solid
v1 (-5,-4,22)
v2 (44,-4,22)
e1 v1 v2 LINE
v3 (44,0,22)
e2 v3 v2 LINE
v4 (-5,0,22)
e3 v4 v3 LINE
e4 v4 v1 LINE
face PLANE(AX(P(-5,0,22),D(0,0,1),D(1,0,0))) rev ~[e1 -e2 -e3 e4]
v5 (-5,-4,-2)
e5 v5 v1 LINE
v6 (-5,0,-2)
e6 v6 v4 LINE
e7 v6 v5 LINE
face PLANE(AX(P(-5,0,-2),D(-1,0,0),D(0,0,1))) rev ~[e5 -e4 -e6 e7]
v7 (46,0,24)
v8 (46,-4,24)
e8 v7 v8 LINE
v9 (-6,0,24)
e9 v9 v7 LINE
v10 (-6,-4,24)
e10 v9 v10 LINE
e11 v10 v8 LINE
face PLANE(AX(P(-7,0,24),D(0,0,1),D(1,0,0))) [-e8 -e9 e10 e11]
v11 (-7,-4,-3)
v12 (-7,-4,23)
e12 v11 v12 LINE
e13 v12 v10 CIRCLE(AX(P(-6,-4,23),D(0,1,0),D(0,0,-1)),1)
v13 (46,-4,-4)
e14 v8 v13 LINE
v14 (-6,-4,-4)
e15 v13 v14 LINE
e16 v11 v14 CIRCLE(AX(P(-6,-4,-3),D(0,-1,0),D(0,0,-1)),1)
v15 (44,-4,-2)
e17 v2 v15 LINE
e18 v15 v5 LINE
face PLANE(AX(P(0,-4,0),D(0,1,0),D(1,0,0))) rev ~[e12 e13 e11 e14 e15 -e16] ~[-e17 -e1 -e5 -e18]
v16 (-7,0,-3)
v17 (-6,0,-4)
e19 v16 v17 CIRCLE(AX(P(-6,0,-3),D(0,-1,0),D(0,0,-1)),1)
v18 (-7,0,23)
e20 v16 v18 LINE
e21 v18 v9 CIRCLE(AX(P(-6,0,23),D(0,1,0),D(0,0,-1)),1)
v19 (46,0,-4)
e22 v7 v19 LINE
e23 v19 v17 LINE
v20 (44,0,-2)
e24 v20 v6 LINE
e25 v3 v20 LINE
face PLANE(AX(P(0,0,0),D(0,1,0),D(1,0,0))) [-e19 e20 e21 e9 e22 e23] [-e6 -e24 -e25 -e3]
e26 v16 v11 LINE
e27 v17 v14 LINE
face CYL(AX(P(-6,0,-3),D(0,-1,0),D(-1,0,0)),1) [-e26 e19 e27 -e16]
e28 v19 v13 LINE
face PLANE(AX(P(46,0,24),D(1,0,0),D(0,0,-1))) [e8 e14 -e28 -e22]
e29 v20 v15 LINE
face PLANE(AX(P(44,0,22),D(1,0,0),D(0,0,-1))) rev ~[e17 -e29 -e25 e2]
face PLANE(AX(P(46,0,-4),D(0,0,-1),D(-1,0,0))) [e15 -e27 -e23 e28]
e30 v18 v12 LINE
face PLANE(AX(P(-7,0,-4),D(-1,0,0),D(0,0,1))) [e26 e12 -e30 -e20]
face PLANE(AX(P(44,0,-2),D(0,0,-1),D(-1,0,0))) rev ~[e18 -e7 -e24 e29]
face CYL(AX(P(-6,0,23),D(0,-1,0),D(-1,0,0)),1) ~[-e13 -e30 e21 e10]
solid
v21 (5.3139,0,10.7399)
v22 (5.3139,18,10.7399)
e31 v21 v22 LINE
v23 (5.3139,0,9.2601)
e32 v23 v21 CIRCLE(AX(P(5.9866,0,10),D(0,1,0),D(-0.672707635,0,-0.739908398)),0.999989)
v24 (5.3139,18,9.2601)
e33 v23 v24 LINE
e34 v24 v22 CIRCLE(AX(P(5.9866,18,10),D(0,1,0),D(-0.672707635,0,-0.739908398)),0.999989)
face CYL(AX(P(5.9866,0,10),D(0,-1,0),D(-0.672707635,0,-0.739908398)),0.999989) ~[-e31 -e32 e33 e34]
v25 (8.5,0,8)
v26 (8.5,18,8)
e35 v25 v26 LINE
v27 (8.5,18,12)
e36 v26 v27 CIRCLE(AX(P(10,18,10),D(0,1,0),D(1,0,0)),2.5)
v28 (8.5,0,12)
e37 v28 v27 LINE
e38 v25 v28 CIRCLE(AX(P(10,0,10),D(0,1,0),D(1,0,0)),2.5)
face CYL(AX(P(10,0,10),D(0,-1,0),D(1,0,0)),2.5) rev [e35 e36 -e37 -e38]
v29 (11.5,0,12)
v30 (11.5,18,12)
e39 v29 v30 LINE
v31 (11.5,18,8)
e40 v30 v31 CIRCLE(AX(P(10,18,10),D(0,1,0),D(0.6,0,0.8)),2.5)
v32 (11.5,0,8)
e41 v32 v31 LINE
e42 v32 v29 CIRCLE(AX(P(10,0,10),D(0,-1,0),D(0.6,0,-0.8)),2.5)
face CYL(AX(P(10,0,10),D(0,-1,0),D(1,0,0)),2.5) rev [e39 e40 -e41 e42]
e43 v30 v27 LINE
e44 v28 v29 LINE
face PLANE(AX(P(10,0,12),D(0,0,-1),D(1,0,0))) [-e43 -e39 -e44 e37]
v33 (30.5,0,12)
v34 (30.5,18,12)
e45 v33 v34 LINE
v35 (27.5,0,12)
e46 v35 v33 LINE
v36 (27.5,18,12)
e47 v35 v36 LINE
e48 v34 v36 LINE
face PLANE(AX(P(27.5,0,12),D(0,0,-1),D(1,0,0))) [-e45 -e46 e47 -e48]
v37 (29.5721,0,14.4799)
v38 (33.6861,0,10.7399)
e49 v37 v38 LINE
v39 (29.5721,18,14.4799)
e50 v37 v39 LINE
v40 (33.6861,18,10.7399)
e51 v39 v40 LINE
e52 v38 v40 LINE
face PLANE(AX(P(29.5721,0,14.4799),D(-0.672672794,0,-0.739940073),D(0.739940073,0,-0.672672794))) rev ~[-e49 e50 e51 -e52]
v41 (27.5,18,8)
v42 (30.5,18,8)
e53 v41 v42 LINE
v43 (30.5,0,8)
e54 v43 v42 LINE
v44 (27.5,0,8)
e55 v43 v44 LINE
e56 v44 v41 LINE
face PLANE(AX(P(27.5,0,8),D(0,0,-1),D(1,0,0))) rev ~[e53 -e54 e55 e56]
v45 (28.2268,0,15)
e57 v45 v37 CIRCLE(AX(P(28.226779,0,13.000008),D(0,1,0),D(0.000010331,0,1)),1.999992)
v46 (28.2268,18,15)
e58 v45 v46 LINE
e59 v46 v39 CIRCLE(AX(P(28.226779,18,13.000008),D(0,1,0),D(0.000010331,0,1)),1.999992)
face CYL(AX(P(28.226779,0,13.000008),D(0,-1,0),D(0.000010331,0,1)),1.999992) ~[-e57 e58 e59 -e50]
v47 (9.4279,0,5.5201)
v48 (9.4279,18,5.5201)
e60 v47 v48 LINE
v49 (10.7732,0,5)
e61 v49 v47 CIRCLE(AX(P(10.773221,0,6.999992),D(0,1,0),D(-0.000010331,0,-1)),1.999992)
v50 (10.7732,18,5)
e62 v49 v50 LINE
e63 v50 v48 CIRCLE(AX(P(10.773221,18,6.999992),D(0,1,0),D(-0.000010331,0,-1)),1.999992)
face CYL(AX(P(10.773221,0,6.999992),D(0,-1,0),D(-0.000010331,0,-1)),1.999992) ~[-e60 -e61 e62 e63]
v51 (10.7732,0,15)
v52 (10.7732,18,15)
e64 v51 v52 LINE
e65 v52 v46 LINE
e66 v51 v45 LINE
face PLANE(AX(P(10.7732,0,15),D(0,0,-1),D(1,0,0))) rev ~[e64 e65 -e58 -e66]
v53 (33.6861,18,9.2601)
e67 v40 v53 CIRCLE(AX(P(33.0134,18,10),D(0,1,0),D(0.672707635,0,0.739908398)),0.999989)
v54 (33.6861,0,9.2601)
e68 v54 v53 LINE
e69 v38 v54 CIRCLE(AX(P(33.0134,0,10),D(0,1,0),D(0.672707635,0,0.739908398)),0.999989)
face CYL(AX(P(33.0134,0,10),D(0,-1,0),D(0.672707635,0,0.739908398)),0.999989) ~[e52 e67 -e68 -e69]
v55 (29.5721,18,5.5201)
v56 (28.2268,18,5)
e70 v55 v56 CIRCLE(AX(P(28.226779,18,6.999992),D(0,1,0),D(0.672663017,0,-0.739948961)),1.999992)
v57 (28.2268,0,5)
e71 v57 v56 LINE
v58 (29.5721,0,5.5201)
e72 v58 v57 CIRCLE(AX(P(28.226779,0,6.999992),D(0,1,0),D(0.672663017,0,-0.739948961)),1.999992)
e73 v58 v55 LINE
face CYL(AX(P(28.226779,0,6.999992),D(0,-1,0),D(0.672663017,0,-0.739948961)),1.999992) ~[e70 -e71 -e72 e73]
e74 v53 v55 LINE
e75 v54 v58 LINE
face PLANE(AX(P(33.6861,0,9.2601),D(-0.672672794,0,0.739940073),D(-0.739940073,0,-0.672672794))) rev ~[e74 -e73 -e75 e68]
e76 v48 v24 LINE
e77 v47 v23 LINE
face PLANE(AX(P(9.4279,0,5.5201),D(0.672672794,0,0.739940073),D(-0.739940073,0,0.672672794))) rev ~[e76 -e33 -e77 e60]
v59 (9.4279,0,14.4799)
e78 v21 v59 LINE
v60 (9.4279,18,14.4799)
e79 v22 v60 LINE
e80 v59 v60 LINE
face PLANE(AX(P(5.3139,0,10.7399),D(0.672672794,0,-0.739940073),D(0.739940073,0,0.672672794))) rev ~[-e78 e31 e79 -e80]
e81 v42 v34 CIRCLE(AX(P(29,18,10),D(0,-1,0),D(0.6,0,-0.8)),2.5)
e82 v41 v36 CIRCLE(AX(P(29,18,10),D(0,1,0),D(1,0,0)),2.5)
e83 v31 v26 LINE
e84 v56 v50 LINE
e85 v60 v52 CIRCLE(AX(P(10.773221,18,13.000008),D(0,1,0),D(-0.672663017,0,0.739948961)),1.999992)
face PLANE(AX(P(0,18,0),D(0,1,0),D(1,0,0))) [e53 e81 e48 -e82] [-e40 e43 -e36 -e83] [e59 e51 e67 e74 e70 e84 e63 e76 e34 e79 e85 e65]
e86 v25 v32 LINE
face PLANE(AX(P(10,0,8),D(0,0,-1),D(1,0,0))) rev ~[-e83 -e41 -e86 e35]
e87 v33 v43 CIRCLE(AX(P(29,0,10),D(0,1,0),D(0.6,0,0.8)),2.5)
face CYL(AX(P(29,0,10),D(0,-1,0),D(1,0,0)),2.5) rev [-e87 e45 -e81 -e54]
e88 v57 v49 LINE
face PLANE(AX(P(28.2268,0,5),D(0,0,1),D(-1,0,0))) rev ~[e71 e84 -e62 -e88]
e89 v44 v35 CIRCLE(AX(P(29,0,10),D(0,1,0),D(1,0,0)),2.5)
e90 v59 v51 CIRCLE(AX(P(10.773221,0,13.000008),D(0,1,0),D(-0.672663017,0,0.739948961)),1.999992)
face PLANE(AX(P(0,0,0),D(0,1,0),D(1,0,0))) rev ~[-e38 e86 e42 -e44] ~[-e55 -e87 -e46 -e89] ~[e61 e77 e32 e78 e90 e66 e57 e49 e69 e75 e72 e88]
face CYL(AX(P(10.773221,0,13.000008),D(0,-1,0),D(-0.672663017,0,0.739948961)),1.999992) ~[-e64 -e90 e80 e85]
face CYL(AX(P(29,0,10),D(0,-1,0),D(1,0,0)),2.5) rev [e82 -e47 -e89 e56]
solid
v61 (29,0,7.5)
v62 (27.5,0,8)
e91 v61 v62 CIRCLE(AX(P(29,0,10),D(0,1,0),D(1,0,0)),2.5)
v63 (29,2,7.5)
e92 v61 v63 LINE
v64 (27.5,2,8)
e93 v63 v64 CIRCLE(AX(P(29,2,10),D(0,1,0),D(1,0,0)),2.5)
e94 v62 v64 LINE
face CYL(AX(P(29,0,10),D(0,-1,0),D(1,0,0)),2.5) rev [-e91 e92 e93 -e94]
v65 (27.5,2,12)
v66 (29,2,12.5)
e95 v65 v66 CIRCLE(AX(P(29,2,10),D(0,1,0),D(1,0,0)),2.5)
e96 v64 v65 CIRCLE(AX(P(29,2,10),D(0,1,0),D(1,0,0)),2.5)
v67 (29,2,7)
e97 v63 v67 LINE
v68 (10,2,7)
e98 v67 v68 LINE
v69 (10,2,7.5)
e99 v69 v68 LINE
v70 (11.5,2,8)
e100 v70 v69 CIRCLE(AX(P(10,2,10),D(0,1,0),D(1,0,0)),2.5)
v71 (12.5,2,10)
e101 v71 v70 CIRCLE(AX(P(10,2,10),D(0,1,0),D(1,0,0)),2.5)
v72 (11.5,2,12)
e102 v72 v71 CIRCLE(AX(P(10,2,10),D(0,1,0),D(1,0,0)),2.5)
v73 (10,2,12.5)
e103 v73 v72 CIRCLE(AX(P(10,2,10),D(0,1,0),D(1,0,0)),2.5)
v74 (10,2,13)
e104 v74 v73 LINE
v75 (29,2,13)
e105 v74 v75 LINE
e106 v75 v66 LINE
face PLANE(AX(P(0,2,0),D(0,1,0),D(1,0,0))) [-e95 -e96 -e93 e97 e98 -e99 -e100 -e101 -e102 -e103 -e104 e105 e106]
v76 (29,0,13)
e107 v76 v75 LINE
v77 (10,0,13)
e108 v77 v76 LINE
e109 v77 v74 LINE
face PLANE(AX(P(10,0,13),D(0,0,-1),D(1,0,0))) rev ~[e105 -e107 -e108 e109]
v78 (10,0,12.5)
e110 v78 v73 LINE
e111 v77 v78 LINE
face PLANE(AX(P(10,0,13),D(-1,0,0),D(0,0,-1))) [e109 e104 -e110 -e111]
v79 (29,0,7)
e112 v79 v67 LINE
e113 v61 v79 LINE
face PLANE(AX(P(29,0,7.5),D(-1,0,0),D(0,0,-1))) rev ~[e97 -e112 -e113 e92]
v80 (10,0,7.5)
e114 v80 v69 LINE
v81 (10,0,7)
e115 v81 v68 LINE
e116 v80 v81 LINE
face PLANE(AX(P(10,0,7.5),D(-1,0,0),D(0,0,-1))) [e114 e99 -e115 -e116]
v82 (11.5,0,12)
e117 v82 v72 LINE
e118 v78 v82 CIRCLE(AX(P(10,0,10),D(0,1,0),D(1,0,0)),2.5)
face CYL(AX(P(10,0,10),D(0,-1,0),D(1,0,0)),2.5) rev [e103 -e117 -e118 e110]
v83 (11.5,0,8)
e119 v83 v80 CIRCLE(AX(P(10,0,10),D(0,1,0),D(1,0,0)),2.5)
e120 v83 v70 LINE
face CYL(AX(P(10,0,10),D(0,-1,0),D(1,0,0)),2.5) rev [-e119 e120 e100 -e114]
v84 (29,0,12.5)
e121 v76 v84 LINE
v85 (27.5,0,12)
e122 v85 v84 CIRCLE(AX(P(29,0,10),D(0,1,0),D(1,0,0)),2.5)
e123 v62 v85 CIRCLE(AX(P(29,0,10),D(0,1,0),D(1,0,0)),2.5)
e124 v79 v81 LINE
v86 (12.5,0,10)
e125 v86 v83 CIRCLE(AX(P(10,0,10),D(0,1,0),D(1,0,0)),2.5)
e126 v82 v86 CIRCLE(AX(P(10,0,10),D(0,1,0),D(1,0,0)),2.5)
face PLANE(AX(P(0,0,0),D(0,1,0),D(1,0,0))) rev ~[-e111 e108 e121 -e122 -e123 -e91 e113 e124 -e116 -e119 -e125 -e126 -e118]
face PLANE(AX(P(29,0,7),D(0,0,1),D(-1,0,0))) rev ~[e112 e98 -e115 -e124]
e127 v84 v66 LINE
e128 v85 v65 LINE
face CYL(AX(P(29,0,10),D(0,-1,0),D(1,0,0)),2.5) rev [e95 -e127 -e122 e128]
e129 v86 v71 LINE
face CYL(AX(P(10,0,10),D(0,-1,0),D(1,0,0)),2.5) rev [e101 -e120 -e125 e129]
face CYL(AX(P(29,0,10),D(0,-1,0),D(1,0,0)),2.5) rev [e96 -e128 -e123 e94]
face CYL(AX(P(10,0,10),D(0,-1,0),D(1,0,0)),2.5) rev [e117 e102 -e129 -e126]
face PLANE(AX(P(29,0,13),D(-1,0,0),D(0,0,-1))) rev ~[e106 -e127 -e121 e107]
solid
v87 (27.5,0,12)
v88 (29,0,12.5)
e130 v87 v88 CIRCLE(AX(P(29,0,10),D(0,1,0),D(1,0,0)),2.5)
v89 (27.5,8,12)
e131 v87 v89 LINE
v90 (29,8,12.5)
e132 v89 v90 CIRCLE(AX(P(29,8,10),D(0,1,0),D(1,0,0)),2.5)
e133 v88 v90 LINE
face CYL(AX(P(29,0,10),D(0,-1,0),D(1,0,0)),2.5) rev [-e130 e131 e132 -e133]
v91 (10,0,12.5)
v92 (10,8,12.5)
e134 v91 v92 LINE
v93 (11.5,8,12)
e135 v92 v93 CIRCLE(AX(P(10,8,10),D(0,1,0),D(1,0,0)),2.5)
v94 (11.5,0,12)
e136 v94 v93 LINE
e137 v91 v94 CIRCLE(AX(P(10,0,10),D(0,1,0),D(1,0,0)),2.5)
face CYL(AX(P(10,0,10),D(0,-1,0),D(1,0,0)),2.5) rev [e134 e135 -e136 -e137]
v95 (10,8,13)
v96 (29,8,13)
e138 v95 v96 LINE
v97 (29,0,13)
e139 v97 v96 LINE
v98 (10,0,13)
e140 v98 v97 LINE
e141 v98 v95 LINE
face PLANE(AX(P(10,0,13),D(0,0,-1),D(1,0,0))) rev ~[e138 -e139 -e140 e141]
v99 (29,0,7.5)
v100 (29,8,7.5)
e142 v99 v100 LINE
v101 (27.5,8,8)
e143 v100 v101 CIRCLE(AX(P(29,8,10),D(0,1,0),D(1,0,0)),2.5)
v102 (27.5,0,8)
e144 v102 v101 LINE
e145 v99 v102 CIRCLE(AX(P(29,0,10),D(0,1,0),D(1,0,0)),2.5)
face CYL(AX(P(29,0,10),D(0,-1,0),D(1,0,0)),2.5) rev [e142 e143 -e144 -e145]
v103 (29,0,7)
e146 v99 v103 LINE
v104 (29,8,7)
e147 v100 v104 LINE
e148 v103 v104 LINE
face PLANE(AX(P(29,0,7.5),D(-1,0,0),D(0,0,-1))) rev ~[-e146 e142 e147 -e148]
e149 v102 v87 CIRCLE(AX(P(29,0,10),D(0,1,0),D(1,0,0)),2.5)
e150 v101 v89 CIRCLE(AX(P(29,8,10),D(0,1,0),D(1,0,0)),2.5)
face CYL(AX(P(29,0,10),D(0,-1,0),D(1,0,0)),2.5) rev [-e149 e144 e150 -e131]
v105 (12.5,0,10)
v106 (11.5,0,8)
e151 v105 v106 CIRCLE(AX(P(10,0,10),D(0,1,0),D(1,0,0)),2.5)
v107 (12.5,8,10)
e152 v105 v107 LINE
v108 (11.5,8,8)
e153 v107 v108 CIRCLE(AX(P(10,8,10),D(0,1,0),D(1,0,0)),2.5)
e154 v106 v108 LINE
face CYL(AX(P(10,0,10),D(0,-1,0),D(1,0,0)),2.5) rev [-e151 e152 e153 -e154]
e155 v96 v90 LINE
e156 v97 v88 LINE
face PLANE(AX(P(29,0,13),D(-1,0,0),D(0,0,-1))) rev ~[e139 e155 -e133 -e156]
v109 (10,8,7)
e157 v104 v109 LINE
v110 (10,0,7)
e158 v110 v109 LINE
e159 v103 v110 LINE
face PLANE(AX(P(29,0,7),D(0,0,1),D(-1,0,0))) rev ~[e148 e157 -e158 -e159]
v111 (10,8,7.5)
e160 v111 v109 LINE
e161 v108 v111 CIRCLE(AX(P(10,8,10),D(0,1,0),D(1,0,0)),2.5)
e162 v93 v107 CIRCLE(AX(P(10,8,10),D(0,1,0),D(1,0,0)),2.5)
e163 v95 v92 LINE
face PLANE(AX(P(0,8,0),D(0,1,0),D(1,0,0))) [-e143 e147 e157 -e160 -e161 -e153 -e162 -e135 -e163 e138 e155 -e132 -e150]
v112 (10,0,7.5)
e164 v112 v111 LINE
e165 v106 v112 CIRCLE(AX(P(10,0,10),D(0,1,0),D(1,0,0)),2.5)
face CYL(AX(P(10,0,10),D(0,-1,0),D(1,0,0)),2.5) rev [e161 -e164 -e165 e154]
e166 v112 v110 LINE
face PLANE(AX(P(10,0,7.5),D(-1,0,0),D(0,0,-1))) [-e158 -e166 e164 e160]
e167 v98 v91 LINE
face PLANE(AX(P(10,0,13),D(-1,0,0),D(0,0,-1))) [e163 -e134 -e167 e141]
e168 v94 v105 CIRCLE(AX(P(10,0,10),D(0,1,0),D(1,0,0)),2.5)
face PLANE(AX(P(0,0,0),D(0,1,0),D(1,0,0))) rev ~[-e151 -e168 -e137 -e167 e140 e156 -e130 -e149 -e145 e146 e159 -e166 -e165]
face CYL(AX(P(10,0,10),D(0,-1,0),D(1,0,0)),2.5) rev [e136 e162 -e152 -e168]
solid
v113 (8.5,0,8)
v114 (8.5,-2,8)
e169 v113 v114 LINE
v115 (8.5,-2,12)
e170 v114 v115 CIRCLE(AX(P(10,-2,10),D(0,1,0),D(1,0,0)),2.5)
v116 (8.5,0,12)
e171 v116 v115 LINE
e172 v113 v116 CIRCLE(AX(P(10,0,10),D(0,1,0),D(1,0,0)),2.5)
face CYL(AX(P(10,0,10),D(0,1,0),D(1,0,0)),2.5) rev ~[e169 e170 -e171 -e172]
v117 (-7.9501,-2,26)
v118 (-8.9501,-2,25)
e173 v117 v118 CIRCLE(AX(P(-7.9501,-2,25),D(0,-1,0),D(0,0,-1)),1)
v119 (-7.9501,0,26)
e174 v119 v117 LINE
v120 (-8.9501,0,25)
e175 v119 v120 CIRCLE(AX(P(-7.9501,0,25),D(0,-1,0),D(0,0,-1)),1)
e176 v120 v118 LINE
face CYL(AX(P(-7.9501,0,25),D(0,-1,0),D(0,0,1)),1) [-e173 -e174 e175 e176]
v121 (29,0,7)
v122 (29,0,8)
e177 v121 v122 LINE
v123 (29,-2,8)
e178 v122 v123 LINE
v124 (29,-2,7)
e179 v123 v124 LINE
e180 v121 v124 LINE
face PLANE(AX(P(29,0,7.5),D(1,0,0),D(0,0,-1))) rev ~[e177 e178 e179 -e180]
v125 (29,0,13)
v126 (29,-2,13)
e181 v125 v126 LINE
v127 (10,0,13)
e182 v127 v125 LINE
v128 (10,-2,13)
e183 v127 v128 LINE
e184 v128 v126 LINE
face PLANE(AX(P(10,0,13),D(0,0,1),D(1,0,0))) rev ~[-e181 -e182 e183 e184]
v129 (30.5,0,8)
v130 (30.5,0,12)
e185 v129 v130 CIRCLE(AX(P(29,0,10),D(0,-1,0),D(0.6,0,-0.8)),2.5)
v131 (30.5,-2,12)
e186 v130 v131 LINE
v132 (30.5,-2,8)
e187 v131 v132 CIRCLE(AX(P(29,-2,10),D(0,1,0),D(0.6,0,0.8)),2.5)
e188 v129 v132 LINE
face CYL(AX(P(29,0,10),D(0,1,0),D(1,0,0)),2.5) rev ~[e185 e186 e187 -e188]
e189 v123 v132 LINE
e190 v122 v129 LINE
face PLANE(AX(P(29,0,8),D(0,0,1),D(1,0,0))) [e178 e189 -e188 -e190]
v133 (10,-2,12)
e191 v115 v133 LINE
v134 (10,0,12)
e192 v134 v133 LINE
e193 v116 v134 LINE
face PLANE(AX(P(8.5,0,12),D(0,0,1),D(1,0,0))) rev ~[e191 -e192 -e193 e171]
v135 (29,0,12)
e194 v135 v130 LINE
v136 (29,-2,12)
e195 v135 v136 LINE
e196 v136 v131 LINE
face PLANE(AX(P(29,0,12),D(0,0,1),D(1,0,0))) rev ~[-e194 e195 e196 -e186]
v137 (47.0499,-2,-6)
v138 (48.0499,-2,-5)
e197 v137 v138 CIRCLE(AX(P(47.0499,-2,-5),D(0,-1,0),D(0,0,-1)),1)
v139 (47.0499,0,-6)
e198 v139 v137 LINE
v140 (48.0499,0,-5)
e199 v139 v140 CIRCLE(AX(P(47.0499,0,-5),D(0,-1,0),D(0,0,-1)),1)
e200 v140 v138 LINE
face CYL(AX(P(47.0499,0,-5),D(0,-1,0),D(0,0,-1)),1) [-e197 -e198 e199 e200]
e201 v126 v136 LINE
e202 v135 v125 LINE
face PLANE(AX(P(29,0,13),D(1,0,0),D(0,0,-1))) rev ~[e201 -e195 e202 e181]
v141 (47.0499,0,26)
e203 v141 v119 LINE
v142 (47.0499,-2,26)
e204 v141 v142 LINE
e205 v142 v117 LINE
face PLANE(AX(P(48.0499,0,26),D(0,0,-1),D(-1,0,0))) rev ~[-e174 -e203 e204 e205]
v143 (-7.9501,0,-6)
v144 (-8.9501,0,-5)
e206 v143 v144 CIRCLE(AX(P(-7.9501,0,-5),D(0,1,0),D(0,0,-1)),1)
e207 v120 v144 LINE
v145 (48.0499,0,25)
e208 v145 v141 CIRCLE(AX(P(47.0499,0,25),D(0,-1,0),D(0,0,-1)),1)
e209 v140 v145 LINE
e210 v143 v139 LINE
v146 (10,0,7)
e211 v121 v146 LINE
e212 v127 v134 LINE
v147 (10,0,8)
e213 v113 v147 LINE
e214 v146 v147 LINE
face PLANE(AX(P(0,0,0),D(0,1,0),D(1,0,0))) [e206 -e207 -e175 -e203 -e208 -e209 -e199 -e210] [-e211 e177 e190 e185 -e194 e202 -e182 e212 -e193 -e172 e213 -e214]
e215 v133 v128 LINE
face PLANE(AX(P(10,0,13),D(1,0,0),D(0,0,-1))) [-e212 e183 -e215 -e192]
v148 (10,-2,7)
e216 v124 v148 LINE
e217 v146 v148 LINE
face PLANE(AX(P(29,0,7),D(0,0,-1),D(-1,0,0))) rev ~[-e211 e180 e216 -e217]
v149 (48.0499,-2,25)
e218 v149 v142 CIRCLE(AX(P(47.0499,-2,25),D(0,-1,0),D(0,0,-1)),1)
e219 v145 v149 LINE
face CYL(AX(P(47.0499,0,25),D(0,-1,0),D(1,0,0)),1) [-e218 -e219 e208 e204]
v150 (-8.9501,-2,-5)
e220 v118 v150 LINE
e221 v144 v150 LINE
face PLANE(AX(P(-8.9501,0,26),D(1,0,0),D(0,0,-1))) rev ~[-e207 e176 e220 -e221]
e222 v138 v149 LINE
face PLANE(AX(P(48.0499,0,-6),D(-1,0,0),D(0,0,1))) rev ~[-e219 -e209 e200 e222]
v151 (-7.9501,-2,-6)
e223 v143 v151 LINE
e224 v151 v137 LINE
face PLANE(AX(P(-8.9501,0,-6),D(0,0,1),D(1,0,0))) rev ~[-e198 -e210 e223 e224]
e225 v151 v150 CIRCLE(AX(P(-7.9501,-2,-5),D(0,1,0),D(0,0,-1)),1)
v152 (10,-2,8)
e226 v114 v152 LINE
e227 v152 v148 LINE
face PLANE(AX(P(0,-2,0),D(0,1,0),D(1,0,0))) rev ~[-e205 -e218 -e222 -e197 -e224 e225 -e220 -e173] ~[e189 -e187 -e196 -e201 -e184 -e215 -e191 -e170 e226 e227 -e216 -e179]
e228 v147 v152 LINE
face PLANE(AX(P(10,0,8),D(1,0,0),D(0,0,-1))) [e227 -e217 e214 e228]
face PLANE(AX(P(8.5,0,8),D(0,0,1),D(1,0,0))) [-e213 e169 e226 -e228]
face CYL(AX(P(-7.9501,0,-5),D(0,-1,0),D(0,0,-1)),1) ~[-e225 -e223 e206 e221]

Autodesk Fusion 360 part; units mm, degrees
sketch "Esquisse1" plane through (0, 0, 0) normal (0, 1, 0) x (1, 0, 0)
  circle A0 centre (10, -10) radius 2.5
  line L0 (8.5, -12) -> (11.5, -12)
  line L1 (8.5, -8) -> (11.5, -8)
  circle A1 centre (29, -10) radius 2.5
  line L2 (27.5, -12) -> (30.5, -12)
  line L3 (27.5, -8) -> (30.5, -8)
  line L4 (5.3139, -10.7399) -> (9.4279, -14.4799)
  line L5 (10.7732, -15) -> (28.2268, -15)
  line L6 (29.5721, -14.4799) -> (33.6861, -10.7399)
  line L7 (33.6861, -9.2601) -> (29.5721, -5.5201)
  line L8 (28.2268, -5) -> (10.7732, -5)
  line L9 (9.4279, -5.5201) -> (5.3139, -9.2601)
  arc A2 (9.4279, -14.4799) -> (10.7732, -15) centre (10.7732, -13) ccw
  arc A3 (28.2268, -15) -> (29.5721, -14.4799) centre (28.2268, -13) ccw
  arc A4 (29.5721, -5.5201) -> (28.2268, -5) centre (28.2268, -7) ccw
  arc A5 (10.7732, -5) -> (9.4279, -5.5201) centre (10.7732, -7) ccw
  arc A6 (5.3139, -9.2601) -> (5.3139, -10.7399) centre (5.9866, -10) ccw
  arc A7 (33.6861, -10.7399) -> (33.6861, -9.2601) centre (33.0134, -10) ccw
  line L10 (-8.9501, 6) -> (48.0499, 6)
  line L11 (48.0499, 6) -> (48.0499, -26)
  line L12 (48.0499, -26) -> (-8.9501, -26)
  line L13 (-8.9501, -26) -> (-8.9501, 6)
  line L14 (-7, -24) -> (46, -24)
  line L15 (46, -24) -> (46, 4)
  line L16 (46, 4) -> (-7, 4)
  line L17 (-7, 4) -> (-7, -24)
  line L18 (-5, -22) -> (44, -22)
  line L19 (44, -22) -> (44, 2)
  line L20 (44, 2) -> (-5, 2)
  line L21 (-5, 2) -> (-5, -22)
  line L22 (10, -12) -> (8.5, -12)
  line L23 (10, -13) -> (29, -13)
  line L24 (29, -7) -> (10, -7)
  line L25 (10, -13) -> (10, -7)
  line L26 (29, -13) -> (29, -7)
extrude "Extrusion23" add sketch "Esquisse1" against normal blind 2 contours A0 L1 L25 | A0 L0 L22 L25 | A1 L3 L26 | A1 L2 L26 | L4 L5 L6 L7 L8 L9 A2 A3 A4 A5 A6 A7 | L10 L11 L12 L13 | L14 L15 L16 L17 | L18 L19 L20 L21 picked at (9.893, -7.6736) picked at (29.107, -7.6736) picked at (29.107, -12.3264) makes body 1
extrude "Extrusion24" add sketch "Esquisse1" against normal blind 4 separate body contours L14 L15 L16 L17 makes body 2
extrude "Extrusion25" add sketch "Esquisse1" along normal blind 18 separate body contours A0 A1 L23 L24 L25 L26 | A0 L1 L25 | A0 L0 L25 | A0 L1 L25 | A0 L0 L22 L25 | A1 L3 L26 | A1 L3 L26 | A1 L2 L26 | A1 L2 L26 | L4 L5 L6 L7 L8 L9 A2 A3 A4 A5 A6 A7 makes body 3
extrude "Extrusion26" add sketch "Esquisse1" along normal blind 8 separate body contours A0 A1 L23 L24 L25 L26 makes body 4
extrude "Extrusion27" add sketch "Esquisse1" along normal blind 2 separate body contours A0 A1 L23 L24 L25 L26 makes body 5
fillet "Congé5" radius 1 1 edges at (-8.9501, -1, -6) on bodies 1
fillet "Congé6" radius 1 1 edges at (48.0499, -1, -6) on bodies 1
fillet "Congé7" radius 1 1 edges at (48.0499, -1, 26) on bodies 1
fillet "Congé8" radius 1 1 edges at (-8.9501, -1, 26) on bodies 1
fillet "Congé9" radius 1 1 edges at (-7, -2, -4) on bodies 2
fillet "Congé10" radius 1 1 edges at (-7, -2, 24) on bodies 2
